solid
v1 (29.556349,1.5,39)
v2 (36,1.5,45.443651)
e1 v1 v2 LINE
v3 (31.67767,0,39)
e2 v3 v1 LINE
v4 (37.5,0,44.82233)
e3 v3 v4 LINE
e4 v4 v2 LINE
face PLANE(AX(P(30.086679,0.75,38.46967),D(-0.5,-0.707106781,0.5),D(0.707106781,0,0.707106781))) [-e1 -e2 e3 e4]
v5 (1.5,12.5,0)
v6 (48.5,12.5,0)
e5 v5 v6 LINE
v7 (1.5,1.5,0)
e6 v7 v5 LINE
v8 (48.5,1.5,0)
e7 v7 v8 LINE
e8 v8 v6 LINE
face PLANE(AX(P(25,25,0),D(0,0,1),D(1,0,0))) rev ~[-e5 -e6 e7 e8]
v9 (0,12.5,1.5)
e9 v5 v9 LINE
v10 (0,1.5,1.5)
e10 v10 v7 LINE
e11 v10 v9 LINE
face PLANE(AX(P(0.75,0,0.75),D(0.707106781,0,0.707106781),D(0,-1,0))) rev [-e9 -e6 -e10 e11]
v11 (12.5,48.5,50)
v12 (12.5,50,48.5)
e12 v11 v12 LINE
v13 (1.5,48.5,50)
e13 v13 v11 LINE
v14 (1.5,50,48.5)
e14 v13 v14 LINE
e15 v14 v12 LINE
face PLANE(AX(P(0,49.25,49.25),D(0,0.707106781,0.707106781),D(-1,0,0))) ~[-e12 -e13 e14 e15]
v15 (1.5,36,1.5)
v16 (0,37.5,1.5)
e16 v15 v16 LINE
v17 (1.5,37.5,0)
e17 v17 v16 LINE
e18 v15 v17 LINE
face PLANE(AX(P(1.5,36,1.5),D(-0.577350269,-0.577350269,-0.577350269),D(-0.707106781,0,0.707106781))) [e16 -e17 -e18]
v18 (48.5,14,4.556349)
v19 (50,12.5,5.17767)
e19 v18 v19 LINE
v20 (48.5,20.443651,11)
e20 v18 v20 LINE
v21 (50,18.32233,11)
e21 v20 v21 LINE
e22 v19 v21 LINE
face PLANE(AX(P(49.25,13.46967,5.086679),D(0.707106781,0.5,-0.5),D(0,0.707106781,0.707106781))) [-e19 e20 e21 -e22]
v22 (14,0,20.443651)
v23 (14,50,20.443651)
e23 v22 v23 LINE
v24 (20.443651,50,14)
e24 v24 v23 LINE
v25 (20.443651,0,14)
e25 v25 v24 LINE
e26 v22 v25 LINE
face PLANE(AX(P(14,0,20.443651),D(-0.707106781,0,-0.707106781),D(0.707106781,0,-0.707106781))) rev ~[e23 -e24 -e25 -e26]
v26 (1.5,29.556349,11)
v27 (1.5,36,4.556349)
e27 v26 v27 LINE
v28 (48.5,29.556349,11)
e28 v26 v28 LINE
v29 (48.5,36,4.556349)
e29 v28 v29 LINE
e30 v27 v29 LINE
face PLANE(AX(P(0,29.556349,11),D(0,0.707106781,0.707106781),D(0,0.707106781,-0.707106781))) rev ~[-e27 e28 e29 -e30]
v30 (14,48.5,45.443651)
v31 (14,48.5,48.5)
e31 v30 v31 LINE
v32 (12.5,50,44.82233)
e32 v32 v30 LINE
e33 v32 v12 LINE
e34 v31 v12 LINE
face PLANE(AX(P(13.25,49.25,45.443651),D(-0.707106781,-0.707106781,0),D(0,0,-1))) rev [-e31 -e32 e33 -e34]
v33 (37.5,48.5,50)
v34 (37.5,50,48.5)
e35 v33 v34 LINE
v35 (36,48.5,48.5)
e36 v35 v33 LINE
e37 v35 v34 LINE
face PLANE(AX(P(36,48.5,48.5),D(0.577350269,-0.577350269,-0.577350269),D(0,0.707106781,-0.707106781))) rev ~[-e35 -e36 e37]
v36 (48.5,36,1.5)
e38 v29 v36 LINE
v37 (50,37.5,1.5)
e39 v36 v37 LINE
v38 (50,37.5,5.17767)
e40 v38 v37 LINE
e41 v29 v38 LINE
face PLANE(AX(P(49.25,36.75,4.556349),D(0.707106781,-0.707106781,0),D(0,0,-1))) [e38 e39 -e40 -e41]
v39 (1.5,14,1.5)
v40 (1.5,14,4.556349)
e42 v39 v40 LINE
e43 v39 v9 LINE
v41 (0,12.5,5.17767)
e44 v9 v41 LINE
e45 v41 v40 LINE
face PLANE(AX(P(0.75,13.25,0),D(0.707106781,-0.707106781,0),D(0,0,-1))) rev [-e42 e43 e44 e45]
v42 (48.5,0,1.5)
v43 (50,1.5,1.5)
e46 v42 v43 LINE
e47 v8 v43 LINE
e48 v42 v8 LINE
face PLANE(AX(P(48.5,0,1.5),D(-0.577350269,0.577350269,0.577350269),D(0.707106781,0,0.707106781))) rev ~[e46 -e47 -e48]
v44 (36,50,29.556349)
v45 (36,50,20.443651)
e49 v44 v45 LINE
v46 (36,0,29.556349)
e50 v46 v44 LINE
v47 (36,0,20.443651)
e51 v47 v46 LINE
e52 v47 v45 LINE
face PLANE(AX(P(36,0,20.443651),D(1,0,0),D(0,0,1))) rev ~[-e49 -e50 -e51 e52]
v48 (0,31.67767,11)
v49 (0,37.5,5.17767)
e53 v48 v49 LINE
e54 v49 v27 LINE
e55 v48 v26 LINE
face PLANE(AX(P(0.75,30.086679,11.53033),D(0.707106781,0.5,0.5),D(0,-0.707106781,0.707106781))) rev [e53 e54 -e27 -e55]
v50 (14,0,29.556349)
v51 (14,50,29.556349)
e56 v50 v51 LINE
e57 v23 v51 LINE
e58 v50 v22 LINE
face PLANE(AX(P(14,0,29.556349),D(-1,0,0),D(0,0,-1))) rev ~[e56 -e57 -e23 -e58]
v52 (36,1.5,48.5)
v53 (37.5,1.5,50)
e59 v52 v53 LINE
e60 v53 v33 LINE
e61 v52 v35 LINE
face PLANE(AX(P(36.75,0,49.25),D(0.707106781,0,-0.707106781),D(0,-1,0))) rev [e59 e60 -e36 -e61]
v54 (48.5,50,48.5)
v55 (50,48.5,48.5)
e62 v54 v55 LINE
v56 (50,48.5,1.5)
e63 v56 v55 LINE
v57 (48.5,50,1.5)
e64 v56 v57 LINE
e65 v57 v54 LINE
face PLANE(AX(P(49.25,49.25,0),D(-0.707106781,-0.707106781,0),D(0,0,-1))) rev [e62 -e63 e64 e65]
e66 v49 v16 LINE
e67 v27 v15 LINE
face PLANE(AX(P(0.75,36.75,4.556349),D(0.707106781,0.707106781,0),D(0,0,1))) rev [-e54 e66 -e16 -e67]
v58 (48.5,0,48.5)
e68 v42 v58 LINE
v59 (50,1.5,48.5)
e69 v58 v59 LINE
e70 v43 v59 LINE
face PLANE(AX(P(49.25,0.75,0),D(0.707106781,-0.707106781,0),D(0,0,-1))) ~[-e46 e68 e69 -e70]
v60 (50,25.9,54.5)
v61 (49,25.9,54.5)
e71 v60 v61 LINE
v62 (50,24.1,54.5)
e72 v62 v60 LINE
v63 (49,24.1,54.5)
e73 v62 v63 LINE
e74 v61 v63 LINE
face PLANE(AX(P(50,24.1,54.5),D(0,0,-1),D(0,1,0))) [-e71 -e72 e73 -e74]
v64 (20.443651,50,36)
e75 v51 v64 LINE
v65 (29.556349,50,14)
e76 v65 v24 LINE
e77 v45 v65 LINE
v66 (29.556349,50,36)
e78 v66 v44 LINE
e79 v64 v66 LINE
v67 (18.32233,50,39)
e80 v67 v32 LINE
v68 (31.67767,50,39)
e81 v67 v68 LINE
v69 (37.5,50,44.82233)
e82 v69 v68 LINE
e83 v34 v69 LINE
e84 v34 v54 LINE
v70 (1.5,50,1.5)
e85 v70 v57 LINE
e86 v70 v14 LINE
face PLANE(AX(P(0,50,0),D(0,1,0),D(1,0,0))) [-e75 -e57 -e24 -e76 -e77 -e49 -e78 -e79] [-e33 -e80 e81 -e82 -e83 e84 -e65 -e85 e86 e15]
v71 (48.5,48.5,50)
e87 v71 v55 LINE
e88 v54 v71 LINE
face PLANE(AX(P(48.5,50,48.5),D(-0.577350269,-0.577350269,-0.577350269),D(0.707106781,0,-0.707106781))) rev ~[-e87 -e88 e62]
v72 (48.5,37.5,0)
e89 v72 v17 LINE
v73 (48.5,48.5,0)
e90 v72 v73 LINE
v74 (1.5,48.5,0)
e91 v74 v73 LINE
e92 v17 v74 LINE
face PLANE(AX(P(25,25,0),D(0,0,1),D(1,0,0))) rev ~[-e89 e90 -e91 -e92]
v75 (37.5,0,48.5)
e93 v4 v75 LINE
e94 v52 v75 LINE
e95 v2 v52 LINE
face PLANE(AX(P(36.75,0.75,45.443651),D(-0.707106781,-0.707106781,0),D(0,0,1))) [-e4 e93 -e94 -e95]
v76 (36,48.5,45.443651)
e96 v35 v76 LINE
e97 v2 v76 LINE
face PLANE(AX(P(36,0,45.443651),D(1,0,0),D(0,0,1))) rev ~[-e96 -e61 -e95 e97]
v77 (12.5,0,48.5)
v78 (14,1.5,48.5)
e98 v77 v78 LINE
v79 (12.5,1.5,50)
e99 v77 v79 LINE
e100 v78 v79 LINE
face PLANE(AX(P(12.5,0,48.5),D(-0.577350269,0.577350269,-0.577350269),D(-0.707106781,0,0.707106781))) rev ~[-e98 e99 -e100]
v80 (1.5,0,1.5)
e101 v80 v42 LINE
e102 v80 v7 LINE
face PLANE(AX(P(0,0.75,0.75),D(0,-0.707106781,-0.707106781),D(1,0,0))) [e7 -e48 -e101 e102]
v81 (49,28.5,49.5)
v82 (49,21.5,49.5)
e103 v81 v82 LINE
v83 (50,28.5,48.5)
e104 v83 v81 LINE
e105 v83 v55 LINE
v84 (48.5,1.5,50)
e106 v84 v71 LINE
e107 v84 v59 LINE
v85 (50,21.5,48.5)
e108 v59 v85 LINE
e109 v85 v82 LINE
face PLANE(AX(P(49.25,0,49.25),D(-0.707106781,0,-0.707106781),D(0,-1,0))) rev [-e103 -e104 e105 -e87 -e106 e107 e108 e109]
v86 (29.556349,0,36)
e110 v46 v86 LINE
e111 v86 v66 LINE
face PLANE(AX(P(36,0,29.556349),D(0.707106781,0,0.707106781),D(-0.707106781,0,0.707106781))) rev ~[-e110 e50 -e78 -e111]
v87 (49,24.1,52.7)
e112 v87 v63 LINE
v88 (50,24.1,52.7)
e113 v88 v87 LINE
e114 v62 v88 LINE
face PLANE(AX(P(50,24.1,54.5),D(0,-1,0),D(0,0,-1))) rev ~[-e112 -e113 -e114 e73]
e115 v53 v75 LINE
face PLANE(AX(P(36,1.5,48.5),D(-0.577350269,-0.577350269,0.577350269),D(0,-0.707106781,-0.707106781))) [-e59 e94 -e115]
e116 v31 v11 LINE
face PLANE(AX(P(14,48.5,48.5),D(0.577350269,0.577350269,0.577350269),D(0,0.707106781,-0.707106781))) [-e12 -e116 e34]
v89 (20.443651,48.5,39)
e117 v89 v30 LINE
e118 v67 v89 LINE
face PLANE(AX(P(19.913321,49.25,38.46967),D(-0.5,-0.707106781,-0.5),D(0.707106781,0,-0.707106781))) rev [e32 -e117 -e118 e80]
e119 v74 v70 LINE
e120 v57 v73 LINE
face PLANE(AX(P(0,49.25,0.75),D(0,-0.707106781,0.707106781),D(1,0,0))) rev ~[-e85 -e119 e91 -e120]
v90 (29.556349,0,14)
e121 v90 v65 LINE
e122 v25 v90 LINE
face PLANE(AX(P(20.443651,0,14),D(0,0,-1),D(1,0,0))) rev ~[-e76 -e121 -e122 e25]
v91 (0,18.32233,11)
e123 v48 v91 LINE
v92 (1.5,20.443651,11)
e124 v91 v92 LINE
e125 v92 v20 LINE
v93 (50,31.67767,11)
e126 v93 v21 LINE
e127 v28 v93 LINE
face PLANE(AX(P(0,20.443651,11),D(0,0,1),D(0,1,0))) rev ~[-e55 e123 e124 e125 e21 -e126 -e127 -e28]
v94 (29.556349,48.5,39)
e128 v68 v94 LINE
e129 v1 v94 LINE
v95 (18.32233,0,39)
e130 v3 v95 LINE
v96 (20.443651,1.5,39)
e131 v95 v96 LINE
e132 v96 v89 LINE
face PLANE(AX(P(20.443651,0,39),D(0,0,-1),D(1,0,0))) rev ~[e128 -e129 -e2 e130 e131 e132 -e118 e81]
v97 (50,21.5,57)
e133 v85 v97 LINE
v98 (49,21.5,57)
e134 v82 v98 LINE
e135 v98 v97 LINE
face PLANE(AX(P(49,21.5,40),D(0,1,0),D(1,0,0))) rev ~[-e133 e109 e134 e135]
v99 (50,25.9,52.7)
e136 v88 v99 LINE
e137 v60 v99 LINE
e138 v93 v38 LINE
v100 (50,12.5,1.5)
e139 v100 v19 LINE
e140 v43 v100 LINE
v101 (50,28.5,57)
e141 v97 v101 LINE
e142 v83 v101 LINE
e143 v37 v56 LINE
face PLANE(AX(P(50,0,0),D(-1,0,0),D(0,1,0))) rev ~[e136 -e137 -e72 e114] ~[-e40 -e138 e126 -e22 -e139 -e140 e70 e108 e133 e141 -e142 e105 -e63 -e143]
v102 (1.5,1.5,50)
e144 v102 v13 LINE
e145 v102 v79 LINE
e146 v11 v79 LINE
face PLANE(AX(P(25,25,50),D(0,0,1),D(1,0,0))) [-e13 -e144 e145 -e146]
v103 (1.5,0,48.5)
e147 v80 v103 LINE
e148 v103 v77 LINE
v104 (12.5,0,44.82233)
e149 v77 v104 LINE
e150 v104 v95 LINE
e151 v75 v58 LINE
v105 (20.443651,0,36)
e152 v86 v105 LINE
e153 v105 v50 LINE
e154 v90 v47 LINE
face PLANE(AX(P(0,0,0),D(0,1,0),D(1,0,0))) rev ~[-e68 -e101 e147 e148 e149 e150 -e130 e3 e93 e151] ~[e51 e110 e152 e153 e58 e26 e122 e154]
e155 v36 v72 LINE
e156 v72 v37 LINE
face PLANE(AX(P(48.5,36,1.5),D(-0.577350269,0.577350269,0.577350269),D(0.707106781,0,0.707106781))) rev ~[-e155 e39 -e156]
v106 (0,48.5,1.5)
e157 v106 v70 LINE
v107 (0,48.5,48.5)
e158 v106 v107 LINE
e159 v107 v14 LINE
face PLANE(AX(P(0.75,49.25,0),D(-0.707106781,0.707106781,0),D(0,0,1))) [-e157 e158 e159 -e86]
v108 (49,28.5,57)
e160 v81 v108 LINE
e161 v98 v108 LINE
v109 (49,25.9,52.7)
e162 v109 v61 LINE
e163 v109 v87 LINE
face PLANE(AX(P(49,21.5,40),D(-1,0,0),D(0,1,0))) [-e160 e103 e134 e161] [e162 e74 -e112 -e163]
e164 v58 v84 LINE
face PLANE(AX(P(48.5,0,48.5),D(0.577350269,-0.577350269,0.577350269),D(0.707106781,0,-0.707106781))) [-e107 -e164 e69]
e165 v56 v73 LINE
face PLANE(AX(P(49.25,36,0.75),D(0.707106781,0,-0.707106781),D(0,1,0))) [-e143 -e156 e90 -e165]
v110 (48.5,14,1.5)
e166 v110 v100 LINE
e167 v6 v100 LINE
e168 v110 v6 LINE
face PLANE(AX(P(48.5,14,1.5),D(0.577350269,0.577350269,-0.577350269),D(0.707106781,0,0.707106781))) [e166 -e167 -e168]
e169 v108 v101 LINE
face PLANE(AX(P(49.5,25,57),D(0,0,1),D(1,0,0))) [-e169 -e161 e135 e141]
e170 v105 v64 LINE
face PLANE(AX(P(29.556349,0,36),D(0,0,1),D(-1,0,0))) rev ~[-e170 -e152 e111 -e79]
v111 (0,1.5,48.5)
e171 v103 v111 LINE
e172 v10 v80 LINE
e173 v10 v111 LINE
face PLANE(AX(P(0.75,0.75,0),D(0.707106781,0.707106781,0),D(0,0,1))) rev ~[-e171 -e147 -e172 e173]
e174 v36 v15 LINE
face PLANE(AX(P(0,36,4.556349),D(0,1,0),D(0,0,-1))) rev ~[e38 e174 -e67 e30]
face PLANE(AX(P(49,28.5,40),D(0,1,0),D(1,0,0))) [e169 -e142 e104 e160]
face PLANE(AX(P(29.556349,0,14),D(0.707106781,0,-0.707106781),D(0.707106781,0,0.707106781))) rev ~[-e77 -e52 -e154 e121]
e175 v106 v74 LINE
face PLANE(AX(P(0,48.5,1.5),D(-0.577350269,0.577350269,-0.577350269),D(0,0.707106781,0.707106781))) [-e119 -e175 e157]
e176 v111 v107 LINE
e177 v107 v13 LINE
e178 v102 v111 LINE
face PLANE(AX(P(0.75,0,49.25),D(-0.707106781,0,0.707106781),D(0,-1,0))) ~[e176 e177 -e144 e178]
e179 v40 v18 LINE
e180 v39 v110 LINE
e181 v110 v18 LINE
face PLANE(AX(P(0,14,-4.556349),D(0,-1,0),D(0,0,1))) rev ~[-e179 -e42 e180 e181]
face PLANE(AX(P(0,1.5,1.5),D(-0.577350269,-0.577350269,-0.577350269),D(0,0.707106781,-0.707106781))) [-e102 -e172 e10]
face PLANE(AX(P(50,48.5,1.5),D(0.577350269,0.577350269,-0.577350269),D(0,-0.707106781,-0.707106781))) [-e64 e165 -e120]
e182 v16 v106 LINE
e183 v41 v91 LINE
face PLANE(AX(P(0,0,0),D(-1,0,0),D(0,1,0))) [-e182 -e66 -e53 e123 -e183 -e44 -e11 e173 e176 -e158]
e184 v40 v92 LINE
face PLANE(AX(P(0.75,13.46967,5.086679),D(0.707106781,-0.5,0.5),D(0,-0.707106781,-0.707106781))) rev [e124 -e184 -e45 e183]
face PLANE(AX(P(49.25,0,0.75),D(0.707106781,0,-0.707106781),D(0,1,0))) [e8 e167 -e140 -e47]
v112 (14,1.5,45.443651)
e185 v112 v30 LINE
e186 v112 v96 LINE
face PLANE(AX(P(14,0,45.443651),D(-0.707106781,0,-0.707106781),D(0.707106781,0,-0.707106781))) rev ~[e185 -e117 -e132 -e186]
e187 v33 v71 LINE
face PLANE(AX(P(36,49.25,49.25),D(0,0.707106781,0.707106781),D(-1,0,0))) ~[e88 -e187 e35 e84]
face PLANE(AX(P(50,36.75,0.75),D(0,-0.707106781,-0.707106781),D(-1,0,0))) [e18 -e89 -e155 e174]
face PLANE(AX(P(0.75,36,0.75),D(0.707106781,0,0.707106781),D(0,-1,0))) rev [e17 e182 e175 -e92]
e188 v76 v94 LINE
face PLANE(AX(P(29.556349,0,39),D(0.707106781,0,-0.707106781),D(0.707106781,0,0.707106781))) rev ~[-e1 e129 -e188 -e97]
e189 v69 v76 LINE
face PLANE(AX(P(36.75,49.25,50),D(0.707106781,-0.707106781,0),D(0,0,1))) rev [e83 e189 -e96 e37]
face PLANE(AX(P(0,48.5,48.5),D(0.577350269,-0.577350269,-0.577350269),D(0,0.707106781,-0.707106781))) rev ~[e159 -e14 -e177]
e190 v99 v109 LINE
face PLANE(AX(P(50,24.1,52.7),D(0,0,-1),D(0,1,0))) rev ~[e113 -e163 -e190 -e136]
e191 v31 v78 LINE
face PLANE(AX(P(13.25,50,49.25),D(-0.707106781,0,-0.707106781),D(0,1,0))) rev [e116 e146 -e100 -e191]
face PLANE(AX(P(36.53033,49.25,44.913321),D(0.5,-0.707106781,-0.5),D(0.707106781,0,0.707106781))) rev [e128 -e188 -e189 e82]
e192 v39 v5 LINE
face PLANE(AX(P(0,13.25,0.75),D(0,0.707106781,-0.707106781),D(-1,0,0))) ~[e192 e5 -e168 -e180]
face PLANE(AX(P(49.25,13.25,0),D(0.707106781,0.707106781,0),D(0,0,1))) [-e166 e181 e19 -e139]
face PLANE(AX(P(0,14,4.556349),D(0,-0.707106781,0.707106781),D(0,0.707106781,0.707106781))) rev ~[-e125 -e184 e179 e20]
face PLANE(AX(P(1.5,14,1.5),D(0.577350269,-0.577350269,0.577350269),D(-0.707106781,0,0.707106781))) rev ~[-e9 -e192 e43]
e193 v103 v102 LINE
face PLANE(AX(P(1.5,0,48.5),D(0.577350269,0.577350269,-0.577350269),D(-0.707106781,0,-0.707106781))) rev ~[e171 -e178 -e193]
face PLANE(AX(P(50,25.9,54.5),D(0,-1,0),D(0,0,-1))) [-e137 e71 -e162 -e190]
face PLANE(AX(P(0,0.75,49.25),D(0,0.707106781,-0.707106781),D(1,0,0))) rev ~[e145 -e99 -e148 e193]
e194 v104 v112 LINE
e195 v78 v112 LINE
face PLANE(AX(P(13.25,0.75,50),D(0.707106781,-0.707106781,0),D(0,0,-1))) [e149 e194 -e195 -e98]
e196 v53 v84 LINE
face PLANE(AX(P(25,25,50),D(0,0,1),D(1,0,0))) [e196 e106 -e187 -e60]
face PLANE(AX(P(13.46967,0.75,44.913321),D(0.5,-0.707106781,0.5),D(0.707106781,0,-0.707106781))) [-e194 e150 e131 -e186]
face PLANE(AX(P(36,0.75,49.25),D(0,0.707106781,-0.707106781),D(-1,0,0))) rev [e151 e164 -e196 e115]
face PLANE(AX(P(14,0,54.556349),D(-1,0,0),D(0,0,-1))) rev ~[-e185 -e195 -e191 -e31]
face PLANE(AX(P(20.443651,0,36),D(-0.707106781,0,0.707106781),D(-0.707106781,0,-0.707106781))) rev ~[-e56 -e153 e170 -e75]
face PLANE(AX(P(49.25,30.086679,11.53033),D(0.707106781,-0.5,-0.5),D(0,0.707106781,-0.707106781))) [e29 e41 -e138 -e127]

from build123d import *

# Parameters (mm, degrees)
SKETCH1_W                = 50
SKETCH1_H                = 50
BOSS_EXTRUDE1_DEPTH      = 50
CUT_EXTRUDE2_DEPTH       = 87.602540378
CUT_EXTRUDE3_DEPTH       = 87.602540378
CHAMFER1_SIZE            = 1.5
BOSS_EXTRUDE2_DEPTH      = 7
BOSS_EXTRUDE2_DEPTH_BACK = 10
SKETCH5_W                = 1
SKETCH5_H                = 7
SKETCH6_W                = 1.8
SKETCH6_H                = 1.8
CUT_EXTRUDE4_DEPTH       = 7


with BuildPart() as part:
    # Sketch1 → Boss-Extrude1 (new body)
    with BuildSketch(Plane.XY):
        with Locations((25, 25)):
            Rectangle(SKETCH1_W, SKETCH1_H)
    extrude(amount=BOSS_EXTRUDE1_DEPTH)

    # Sketch3 → Cut-Extrude2 (cut, through all)
    with BuildSketch(Plane.XZ):
        Polygon((29.556349186, 36), (20.443650814, 36), (14, 29.556349186), (14, 20.443650814), (20.443650814, 14), (29.556349186, 14), (36, 20.443650814), (36, 29.556349186), align=None)
        Polygon((29.556349186, 39), (36, 45.443650814), (36, 54.556349186), (29.556349186, 61), (20.443650814, 61), (14, 54.556349186), (14, 45.443650814), (20.443650814, 39), align=None)
    extrude(amount=-CUT_EXTRUDE2_DEPTH, mode=Mode.SUBTRACT)

    # Sketch4 → Cut-Extrude3 (cut, through all)
    with BuildSketch(Plane.ZY):
        Polygon((4.556349186, 14), (11, 20.443650814), (11, 29.556349186), (4.556349186, 36), (-4.556349186, 36), (-11, 29.556349186), (-11, 20.443650814), (-4.556349186, 14), align=None)
    extrude(amount=-CUT_EXTRUDE3_DEPTH, mode=Mode.SUBTRACT)

    # Chamfer1
    chamfer1_edges = [part.edges().sort_by_distance(p)[0] for p in [
        (50, 25, 50),
        (43, 50, 50),
        (43, 0, 50),
        (7, 50, 50),
        (36, 25, 50),
        (14, 25, 50),
        (0, 25, 50),
        (14, 50, 47.721825407),
        (36, 50, 47.721825407),
        (25, 50, 0),
        (36, 0, 47.721825407),
        (14, 0, 47.721825407),
        (17.221825407, 0, 42.221825407),
        (32.778174593, 0, 42.221825407),
        (17.221825407, 50, 42.221825407),
        (50, 7, 0),
        (32.778174593, 50, 42.221825407),
        (25, 0, 0),
        (0, 43, 0),
        (7, 0, 50),
        (0, 50, 25),
        (50, 50, 25),
        (50, 0, 25),
        (0, 0, 25),
        (0, 7, 0),
        (50, 43, 0),
        (25, 36, 0),
        (25, 14, 0),
        (50, 14, 2.278174593),
        (50, 36, 2.278174593),
        (50, 32.778174593, 7.778174593),
        (50, 17.221825407, 7.778174593),
        (0, 14, 2.278174593),
        (0, 17.221825407, 7.778174593),
        (0, 32.778174593, 7.778174593),
        (0, 36, 2.278174593),
    ]]
    chamfer(chamfer1_edges, length=CHAMFER1_SIZE)

    # Sketch5 → Boss-Extrude2 (add, two sides: drawn at the far end of the back side and taken through both)
    with BuildSketch(Plane.XY.offset(50).offset(-BOSS_EXTRUDE2_DEPTH_BACK)):
        with Locations((49.5, 25)):
            Rectangle(SKETCH5_W, SKETCH5_H)
    extrude(amount=BOSS_EXTRUDE2_DEPTH + BOSS_EXTRUDE2_DEPTH_BACK)

    # Sketch6 → Cut-Extrude4 (cut)
    with BuildSketch(Plane(origin=(50, 0, 0), x_dir=(0, 0, -1), z_dir=(1, 0, 0))):
        with Locations((-53.6, 25)):
            Rectangle(SKETCH6_W, SKETCH6_H)
    extrude(amount=-CUT_EXTRUDE4_DEPTH, mode=Mode.SUBTRACT)


solid = part.part
